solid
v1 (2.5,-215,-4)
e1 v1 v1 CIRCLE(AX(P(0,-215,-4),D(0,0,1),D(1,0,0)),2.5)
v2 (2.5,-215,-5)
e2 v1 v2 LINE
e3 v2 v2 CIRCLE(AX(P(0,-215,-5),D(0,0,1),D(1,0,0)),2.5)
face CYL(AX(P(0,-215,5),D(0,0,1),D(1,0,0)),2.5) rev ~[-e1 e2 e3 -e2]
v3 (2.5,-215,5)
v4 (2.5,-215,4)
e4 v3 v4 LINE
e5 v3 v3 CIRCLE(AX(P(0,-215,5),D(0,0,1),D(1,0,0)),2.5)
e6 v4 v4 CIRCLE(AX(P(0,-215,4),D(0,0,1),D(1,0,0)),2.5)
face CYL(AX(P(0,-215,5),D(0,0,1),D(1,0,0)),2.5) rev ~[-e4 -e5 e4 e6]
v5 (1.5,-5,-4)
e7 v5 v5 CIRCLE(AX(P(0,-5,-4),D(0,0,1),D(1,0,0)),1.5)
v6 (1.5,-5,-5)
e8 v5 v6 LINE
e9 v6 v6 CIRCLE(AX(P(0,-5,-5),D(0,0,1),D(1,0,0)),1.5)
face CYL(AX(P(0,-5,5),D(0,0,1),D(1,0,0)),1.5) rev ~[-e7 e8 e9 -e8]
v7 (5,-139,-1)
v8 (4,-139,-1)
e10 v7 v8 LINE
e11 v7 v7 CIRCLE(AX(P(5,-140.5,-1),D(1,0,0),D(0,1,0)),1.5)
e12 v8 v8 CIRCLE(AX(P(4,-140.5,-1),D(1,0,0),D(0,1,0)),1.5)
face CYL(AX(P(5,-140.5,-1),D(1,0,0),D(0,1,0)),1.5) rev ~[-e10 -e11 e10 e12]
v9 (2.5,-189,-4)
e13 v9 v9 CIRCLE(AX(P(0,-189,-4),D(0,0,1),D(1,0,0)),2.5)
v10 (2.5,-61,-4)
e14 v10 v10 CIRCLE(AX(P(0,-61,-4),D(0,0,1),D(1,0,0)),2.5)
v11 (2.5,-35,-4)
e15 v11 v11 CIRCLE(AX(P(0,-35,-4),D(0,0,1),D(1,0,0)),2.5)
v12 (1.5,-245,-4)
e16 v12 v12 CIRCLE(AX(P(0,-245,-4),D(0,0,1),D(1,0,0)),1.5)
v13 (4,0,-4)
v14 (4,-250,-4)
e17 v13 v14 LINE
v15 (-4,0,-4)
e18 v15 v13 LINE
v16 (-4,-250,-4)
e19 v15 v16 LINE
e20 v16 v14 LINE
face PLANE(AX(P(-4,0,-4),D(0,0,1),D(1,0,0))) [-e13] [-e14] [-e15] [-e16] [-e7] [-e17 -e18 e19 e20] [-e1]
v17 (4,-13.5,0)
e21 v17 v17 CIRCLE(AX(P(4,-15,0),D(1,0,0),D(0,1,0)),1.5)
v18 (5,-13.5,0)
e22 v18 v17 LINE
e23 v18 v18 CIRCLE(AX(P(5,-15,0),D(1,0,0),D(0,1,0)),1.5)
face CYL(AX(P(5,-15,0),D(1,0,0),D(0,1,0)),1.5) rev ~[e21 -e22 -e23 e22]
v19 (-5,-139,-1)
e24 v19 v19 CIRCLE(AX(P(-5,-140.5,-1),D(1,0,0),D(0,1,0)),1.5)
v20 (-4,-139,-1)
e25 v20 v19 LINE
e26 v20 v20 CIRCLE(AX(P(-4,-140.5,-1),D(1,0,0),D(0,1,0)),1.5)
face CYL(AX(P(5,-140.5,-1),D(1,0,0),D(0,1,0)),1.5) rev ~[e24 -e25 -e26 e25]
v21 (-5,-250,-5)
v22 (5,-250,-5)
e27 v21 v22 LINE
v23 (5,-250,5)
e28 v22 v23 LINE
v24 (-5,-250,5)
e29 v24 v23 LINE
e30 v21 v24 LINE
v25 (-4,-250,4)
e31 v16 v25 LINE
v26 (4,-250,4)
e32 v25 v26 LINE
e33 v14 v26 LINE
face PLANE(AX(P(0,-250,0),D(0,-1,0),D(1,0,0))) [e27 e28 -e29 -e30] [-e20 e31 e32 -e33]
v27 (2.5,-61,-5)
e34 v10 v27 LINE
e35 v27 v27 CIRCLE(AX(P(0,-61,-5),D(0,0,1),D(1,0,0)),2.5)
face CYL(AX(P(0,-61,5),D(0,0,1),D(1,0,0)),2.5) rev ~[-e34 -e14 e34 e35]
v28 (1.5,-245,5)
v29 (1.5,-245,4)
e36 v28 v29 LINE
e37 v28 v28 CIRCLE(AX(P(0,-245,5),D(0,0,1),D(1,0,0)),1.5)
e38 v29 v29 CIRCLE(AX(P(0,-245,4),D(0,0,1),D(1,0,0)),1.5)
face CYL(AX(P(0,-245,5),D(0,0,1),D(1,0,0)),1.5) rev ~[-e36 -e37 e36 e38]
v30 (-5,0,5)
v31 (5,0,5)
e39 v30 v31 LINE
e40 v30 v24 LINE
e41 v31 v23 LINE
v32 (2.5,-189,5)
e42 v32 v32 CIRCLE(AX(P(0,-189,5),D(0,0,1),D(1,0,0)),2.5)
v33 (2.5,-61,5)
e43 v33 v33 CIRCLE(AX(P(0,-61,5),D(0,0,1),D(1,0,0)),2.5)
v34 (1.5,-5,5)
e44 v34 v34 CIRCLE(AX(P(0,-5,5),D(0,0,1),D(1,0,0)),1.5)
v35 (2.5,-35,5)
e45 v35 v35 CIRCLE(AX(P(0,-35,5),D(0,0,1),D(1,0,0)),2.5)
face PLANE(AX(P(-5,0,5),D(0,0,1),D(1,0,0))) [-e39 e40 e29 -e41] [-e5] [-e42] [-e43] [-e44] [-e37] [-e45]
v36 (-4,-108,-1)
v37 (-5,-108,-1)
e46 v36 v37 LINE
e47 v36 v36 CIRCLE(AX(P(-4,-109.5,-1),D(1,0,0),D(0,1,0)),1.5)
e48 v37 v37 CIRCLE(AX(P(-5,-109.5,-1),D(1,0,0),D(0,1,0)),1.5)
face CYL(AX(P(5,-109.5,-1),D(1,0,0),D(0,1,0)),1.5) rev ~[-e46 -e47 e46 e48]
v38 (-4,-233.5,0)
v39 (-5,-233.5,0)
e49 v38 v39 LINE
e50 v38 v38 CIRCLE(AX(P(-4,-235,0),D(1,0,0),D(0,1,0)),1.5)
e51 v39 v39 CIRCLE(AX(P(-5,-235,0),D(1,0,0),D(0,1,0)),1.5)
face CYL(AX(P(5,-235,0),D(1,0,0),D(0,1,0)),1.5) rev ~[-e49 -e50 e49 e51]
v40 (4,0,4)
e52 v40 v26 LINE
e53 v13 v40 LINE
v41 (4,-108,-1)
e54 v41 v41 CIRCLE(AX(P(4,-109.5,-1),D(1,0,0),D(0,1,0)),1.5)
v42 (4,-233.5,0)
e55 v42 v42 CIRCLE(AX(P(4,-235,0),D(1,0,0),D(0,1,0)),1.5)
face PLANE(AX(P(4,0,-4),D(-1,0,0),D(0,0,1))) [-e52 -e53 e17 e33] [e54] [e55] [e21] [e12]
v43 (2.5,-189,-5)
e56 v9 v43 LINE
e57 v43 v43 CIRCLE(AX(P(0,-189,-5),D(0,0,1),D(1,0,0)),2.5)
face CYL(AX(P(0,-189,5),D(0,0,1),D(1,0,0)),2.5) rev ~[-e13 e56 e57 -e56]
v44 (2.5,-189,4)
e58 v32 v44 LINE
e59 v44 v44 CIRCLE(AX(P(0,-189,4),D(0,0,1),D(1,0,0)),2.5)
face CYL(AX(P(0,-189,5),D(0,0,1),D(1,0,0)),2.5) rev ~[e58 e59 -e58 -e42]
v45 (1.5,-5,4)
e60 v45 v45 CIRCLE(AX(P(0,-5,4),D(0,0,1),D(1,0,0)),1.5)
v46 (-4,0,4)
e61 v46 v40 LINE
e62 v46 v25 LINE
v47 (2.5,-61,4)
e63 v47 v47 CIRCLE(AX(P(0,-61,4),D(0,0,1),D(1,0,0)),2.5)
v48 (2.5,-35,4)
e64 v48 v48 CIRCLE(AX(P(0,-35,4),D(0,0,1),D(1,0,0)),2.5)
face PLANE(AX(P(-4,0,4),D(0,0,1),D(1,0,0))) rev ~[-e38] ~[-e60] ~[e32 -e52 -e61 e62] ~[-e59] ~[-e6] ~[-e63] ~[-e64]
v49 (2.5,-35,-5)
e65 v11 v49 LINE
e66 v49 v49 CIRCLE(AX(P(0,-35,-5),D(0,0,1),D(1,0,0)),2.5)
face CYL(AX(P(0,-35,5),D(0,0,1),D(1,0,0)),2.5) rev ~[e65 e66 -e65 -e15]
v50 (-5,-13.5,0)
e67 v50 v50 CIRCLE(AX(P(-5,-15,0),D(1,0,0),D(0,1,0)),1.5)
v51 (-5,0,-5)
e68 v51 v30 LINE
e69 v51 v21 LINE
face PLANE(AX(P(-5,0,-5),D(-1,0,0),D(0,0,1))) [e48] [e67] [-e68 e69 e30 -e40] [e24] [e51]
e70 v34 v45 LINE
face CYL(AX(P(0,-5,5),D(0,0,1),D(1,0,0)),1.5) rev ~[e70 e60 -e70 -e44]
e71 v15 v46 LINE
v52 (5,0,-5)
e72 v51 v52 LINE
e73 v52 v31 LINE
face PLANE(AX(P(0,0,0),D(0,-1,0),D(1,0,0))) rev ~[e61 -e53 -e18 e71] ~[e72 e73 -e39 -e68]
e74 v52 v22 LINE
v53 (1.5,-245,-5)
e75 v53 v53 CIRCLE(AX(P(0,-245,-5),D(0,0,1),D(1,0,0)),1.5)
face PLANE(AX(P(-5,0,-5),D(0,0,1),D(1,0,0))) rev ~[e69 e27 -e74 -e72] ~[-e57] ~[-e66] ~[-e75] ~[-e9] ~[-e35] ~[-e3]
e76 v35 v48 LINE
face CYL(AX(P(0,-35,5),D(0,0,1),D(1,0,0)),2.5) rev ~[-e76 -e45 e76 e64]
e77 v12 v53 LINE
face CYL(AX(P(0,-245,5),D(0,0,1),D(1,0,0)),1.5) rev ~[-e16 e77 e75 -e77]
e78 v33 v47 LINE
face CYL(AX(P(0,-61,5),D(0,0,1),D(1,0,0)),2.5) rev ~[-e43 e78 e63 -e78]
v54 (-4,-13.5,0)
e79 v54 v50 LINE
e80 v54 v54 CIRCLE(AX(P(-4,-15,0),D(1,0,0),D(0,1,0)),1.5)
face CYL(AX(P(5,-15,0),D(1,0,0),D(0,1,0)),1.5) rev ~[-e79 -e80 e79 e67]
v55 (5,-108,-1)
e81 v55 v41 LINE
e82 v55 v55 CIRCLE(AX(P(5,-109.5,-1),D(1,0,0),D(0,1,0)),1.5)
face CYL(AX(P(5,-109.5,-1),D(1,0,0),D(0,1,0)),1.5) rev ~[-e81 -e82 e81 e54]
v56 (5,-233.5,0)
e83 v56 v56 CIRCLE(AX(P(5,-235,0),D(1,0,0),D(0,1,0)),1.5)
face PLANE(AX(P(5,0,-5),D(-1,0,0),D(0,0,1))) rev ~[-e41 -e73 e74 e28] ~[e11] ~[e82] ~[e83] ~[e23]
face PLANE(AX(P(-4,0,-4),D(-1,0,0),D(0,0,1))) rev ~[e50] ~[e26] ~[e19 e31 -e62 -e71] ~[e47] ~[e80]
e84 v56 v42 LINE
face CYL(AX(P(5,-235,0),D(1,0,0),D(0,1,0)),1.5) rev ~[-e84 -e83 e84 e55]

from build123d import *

# Parameters (mm, degrees)
F0_W     = 10
F0_H     = 10
F0_W_2   = 8
F0_H_2   = 8
F1_DEPTH = 250
F2_R     = 1.5
F4_DEPTH = 25
F3_R     = 1.5
F3_R_2   = 2.5
F5_DEPTH = 25


with BuildPart() as f1:
    # F0 (on Front) → F1 (new body)
    with BuildSketch(Plane.XZ):
        Rectangle(F0_W, F0_H)
        Rectangle(F0_W_2, F0_H_2, mode=Mode.SUBTRACT)
    extrude(amount=F1_DEPTH)

    # F2 (on face) → F4 (cut)
    with BuildSketch(Plane.YZ.offset(5)):
        with Locations((-140.5, -1)):
            Circle(F2_R)
        with Locations((-109.5, -1)):
            Circle(F2_R)
        with Locations((-235, 0)):
            Circle(F2_R)
        with Locations((-15, 0)):
            Circle(F2_R)
    extrude(amount=-F4_DEPTH, mode=Mode.SUBTRACT)

    # F3 (on face) → F5 (cut)
    with BuildSketch(Plane.XY.offset(5)):
        with Locations((0, -245)):
            Circle(F3_R)
        with Locations((0, -5)):
            Circle(F3_R)
        with Locations((0, -215)):
            Circle(F3_R_2)
        with Locations((0, -189)):
            Circle(F3_R_2)
        with Locations((0, -61)):
            Circle(F3_R_2)
        with Locations((0, -35)):
            Circle(F3_R_2)
    extrude(amount=-F5_DEPTH, mode=Mode.SUBTRACT)


solid = f1.part
